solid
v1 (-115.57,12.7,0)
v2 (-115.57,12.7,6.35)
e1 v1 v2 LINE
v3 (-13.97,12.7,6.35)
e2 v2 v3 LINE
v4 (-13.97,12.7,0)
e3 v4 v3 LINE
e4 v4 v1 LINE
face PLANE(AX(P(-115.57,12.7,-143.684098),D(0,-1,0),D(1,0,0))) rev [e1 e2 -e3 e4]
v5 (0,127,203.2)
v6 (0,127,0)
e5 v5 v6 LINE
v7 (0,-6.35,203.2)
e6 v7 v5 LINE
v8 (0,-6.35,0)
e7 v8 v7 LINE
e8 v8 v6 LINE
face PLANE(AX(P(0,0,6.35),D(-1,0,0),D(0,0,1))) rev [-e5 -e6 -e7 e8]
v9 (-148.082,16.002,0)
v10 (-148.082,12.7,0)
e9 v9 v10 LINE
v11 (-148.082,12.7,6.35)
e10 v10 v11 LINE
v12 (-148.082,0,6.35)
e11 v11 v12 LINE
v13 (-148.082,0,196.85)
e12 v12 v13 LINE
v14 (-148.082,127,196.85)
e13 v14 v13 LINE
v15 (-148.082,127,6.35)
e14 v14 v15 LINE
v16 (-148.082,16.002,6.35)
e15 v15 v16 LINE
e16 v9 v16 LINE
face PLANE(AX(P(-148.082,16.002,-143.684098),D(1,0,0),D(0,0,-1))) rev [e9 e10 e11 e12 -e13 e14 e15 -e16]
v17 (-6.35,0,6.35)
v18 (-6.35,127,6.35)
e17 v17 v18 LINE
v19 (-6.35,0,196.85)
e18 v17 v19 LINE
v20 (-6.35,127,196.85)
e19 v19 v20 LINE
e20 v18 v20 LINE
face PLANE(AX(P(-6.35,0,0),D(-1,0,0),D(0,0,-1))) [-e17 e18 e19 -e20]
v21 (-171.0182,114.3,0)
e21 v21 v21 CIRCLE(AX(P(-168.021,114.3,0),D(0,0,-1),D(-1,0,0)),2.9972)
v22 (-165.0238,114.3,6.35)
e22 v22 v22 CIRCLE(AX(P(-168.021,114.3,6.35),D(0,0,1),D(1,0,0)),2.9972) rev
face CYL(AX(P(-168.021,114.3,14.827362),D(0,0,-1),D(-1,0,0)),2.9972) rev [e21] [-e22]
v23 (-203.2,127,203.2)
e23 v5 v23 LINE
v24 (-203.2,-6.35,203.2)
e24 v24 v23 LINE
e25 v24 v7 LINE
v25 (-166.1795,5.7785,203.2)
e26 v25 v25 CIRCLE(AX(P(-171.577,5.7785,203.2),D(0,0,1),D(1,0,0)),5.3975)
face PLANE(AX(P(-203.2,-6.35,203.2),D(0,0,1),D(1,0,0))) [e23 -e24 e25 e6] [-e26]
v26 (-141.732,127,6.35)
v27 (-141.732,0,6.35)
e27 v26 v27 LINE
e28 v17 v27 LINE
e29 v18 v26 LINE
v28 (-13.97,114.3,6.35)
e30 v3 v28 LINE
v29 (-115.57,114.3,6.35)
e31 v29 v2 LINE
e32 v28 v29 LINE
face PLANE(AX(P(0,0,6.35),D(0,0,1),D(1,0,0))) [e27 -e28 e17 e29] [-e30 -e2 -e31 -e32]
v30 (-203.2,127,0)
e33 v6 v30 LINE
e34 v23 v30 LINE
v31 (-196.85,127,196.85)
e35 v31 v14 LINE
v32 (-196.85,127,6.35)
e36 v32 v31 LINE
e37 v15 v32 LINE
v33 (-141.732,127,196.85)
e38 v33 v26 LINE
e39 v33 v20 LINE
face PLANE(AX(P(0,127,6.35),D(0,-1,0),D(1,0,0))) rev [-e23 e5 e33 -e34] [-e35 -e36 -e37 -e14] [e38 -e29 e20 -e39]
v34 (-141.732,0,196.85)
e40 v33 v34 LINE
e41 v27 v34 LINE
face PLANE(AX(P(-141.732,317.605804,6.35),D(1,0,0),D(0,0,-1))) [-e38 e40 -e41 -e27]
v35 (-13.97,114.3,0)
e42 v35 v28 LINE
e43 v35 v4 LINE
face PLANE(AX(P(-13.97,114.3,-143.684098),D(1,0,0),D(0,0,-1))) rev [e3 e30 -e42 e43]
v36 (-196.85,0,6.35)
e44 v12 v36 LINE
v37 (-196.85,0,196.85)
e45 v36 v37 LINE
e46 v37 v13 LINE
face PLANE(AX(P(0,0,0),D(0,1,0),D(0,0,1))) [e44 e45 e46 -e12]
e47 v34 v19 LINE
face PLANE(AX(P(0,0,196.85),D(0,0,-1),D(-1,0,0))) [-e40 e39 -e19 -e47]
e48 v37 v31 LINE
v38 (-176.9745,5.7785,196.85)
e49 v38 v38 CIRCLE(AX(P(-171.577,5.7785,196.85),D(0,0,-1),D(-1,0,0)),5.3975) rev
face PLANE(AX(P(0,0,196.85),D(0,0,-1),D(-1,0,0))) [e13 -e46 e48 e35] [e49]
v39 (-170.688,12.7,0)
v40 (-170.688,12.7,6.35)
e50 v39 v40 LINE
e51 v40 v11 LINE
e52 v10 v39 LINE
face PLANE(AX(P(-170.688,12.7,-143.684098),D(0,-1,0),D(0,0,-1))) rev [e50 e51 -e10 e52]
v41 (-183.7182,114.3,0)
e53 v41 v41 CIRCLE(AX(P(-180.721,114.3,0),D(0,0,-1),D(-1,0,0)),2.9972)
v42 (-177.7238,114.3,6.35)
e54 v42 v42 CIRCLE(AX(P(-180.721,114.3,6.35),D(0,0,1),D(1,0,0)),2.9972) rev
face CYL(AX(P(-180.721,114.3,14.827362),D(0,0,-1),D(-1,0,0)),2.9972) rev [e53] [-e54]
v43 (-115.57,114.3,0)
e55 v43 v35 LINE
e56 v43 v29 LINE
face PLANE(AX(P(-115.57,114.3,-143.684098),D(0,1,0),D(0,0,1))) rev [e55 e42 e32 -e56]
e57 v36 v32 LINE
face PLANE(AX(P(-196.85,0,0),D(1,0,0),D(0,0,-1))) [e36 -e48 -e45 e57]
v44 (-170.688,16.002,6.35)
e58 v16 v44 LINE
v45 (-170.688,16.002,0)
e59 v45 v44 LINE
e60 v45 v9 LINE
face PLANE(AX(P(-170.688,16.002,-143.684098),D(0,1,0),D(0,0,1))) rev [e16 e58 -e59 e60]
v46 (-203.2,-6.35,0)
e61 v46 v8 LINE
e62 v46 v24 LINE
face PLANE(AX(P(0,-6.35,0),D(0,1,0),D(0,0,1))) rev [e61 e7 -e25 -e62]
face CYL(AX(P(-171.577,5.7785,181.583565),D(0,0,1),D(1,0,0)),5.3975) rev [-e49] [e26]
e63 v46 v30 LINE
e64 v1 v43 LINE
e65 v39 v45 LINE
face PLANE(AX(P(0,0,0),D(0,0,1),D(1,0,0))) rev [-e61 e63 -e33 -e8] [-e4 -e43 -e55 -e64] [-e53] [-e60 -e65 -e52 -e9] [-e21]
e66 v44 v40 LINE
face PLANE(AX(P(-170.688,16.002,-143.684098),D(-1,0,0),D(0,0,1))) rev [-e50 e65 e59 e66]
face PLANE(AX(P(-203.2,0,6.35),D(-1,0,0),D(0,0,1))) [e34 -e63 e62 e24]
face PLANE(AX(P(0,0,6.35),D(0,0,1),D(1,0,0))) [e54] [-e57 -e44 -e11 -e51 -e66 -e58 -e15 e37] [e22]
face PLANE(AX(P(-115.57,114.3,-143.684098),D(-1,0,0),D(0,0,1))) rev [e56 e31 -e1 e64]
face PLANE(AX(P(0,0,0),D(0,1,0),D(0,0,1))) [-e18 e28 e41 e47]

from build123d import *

# Parameters (mm, degrees)
SKETCH1_W           = 203.2
SKETCH1_H           = 127
BOSS_EXTRUDE1_DEPTH = 6.35
SKETCH2_W           = 101.6
SKETCH2_H           = 101.6
SKETCH2_W_2         = 22.606
SKETCH2_H_2         = 3.302
CUT_EXTRUDE1_DEPTH  = 6.35
SKETCH3_W           = 203.2
SKETCH3_H           = 203.2
BOSS_EXTRUDE2_DEPTH = 6.35
SKETCH4_W           = 196.85
SKETCH4_H           = 127
BOSS_EXTRUDE3_DEPTH = 6.35
SKETCH5_W           = 190.5
SKETCH5_H           = 127
BOSS_EXTRUDE4_DEPTH = 6.35
SKETCH7_W           = 6.35
SKETCH7_H           = 190.5
BOSS_EXTRUDE5_DEPTH = 127
SKETCH8_R           = 5.3975
CUT_EXTRUDE2_DEPTH  = 6.35
SKETCH9_R           = 2.9972
CUT_EXTRUDE3_DEPTH  = 6.35


with BuildPart() as part:
    # Sketch1 → Boss-Extrude1 (new body)
    with BuildSketch(Plane.XY):
        with Locations((-101.6, 63.5)):
            Rectangle(SKETCH1_W, SKETCH1_H)
    extrude(amount=BOSS_EXTRUDE1_DEPTH)

    # Sketch2 → Cut-Extrude1 (cut)
    with BuildSketch(Plane.XY.offset(6.35)):
        with Locations((-64.77, 63.5)):
            Rectangle(SKETCH2_W, SKETCH2_H)
        with Locations((-159.385, 14.351)):
            Rectangle(SKETCH2_W_2, SKETCH2_H_2)
    extrude(amount=-CUT_EXTRUDE1_DEPTH, mode=Mode.SUBTRACT)

    # Sketch3 → Boss-Extrude2 (add)
    with BuildSketch(Plane.XZ):
        with Locations((-101.6, 101.6)):
            Rectangle(SKETCH3_W, SKETCH3_H)
    extrude(amount=BOSS_EXTRUDE2_DEPTH)

    # Sketch4 → Boss-Extrude3 (add)
    with BuildSketch(Plane.ZY.offset(203.2)):
        with Locations((104.775, 63.5)):
            Rectangle(SKETCH4_W, SKETCH4_H)
    boss_extrude3 = extrude(amount=-BOSS_EXTRUDE3_DEPTH)

    # Mirror1: Boss-Extrude3 across plane
    add(boss_extrude3.mirror(Plane(origin=(-101.6, 0, 0), x_dir=(0, 0, 1), z_dir=(1, 0, 0))))

    # Sketch5 → Boss-Extrude4 (add)
    with BuildSketch(Plane.XY.offset(203.2)):
        with Locations((-101.6, 63.5)):
            Rectangle(SKETCH5_W, SKETCH5_H)
    extrude(amount=-BOSS_EXTRUDE4_DEPTH)

    # Sketch7 → Boss-Extrude5 (add)
    with BuildSketch(Plane(origin=(0, 0, 0), x_dir=(1, 0, 0), z_dir=(0, 1, 0))):
        with Locations((-144.907, -101.6)):
            Rectangle(SKETCH7_W, SKETCH7_H)
    extrude(amount=BOSS_EXTRUDE5_DEPTH)

    # Sketch8 → Cut-Extrude2 (cut)
    with BuildSketch(Plane.XY.offset(203.2)):
        with Locations((-171.577, 5.7785)):
            Circle(SKETCH8_R)
    extrude(amount=-CUT_EXTRUDE2_DEPTH, mode=Mode.SUBTRACT)

    # Sketch9 → Cut-Extrude3 (cut)
    with BuildSketch(Plane(origin=(0, 0, 0), x_dir=(-1, 0, 0), z_dir=(0, 0, -1))):
        with Locations((168.021, 114.3)):
            Circle(SKETCH9_R)
        with Locations((180.721, 114.3)):
            Circle(SKETCH9_R)
    extrude(amount=-CUT_EXTRUDE3_DEPTH, mode=Mode.SUBTRACT)


solid = part.part
